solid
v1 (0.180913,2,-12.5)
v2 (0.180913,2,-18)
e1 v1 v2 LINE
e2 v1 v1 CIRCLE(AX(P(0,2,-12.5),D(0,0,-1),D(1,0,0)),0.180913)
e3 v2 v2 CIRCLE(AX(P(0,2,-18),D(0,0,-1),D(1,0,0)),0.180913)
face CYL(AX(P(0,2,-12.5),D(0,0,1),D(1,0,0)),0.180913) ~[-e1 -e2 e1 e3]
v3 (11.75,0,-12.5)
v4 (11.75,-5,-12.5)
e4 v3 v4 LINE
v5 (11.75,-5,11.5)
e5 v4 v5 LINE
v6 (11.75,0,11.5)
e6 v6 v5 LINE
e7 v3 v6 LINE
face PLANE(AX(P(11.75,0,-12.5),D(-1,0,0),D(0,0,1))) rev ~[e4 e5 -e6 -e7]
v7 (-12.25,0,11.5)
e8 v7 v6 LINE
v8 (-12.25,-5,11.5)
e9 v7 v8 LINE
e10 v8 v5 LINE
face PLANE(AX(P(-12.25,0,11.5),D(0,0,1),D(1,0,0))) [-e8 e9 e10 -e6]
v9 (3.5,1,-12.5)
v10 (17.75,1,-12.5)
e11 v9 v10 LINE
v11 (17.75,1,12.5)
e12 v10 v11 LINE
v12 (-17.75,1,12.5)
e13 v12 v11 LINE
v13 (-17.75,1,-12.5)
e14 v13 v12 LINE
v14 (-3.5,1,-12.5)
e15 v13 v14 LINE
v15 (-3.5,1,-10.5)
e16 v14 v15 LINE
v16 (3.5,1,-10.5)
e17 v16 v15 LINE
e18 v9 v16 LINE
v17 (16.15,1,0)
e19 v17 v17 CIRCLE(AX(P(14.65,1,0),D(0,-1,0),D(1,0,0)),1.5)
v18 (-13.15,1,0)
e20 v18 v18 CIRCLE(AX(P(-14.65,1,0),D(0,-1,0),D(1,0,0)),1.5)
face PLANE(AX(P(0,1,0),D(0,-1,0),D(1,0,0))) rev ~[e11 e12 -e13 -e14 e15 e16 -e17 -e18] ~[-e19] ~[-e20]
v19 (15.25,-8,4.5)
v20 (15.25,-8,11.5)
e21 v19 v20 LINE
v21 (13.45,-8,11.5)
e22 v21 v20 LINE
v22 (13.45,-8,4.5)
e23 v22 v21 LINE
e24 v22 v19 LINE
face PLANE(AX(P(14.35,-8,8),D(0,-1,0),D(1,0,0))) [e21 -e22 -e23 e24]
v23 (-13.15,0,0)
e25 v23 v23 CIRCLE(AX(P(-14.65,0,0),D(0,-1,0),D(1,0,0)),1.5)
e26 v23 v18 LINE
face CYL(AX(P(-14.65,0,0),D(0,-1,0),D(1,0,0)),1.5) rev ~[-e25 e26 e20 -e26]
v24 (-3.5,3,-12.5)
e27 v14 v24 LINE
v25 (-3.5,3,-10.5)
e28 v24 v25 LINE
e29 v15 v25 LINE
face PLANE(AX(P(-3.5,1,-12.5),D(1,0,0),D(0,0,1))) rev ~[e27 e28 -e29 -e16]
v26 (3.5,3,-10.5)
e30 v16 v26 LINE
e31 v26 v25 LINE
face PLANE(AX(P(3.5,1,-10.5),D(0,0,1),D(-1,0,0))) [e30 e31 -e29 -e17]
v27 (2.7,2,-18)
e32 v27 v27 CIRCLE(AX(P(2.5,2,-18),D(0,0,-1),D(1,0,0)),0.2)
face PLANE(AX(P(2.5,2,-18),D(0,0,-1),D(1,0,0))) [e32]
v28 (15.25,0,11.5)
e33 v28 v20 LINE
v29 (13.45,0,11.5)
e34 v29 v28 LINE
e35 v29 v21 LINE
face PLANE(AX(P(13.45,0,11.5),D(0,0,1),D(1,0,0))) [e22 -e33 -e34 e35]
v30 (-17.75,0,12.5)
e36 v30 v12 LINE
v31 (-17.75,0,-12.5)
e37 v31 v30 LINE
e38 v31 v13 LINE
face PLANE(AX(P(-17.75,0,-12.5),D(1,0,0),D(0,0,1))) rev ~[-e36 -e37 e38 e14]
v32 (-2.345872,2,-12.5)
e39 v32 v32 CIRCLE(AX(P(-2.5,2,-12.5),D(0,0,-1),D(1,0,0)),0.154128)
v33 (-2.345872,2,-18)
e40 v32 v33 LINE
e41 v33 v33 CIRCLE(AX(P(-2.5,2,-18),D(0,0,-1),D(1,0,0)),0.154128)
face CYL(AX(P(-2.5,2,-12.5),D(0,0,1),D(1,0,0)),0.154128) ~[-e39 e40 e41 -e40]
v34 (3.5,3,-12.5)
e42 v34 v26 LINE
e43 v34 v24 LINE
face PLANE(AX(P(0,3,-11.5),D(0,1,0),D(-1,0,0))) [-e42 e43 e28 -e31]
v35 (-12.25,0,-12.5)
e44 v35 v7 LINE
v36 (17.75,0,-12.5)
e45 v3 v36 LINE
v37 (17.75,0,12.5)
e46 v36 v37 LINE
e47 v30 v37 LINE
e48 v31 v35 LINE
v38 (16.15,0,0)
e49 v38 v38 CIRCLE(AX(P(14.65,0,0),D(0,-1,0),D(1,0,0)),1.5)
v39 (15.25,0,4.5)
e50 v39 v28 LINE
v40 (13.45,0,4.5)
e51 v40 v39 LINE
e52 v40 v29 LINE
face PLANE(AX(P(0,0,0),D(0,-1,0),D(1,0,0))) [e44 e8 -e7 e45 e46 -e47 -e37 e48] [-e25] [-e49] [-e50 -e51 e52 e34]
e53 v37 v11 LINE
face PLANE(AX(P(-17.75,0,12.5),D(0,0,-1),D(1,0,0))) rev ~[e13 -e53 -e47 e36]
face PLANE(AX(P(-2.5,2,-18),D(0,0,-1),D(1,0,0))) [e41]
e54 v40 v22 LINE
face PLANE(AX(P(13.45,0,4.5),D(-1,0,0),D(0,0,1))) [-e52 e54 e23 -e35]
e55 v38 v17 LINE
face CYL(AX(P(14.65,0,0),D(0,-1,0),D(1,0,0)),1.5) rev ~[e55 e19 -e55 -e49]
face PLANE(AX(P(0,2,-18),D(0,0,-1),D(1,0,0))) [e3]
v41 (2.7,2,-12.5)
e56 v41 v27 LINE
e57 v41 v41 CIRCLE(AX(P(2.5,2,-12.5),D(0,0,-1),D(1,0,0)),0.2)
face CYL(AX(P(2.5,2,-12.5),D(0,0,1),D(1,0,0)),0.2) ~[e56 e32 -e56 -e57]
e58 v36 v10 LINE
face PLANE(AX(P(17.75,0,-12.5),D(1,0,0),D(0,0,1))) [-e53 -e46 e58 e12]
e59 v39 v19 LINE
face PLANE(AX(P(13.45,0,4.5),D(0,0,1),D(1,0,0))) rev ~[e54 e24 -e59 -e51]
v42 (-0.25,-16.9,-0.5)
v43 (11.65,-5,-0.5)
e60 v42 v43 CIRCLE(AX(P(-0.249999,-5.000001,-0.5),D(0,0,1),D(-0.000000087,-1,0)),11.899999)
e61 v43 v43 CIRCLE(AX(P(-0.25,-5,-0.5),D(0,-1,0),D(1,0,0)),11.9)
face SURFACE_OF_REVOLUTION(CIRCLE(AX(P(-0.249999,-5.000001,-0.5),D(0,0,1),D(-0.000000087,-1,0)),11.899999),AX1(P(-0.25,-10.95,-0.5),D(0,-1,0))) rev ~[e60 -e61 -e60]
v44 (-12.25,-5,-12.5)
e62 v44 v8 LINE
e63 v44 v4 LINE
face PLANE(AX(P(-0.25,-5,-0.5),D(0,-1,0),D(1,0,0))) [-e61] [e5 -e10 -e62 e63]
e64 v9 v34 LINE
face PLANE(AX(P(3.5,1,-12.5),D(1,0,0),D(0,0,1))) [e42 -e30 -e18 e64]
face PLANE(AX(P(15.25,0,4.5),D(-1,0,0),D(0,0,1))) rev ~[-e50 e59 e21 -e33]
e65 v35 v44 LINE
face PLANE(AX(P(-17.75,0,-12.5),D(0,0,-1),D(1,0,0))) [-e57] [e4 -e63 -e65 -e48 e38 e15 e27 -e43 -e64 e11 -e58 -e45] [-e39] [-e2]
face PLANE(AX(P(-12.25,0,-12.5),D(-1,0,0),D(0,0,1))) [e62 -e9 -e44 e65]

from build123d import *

# Parameters (mm, degrees)
F0_W      = 35.5
F0_H      = 25
F1_DEPTH  = 1
F2_W      = 24
F2_H      = 24
F3_DEPTH  = 5
F7_W      = 1.8
F7_H      = 7
F8_DEPTH  = 8
F9_R      = 1.5
F10_DEPTH = 25
F11_W     = 7
F11_H     = 2
F12_DEPTH = 2
F13_R     = 0.2
F13_R_2   = 0.180913
F13_R_3   = 0.154128
F14_DEPTH = 5.5


with BuildPart() as f1:
    # F0 (on Front) → F1 (new body)
    with BuildSketch(Plane.XZ):
        Rectangle(F0_W, F0_H)
    extrude(amount=-F1_DEPTH)

    # F2 (on face) → F3 (join)
    with BuildSketch(Plane.XZ):
        with Locations((-0.25, -0.5)):
            Rectangle(F2_W, F2_H)
    extrude(amount=F3_DEPTH)

    # F5 (on offset) → F6 (revolve)
    with BuildSketch(Plane.XY.offset(-0.5)):
        with BuildLine():
            ThreePointArc((-0.25, -16.9), (8.164571, -13.414571), (11.65, -5))
            Line((11.65, -5), (-0.25, -5))
            Line((-0.25, -5), (-0.25, -16.9))
        make_face()
    revolve(axis=Axis((-0.25, -10.95, -0.5), (0, -1, 0)))

    # F7 (on face) → F8 (join)
    with BuildSketch(Plane.XZ):
        with Locations((14.35, 8)):
            Rectangle(F7_W, F7_H)
    extrude(amount=F8_DEPTH)

    # F9 (on face) → F10 (cut)
    with BuildSketch(Plane.XZ):
        with Locations((-14.65, 0)):
            Circle(F9_R)
        with Locations((14.65, 0)):
            Circle(F9_R)
    extrude(amount=-F10_DEPTH, mode=Mode.SUBTRACT)

    # F11 (on face) → F12 (join)
    with BuildSketch(Plane(origin=(0, 1, 0), x_dir=(-1, 0, 0), z_dir=(0, 1, 0))):
        with Locations((0, -11.5)):
            Rectangle(F11_W, F11_H)
    extrude(amount=F12_DEPTH)

    # F13 (on face) → F14 (join)
    with BuildSketch(Plane(origin=(0, 0, -12.5), x_dir=(1, 0, 0), z_dir=(0, 0, -1))):
        with Locations((2.5, -2)):
            Circle(F13_R)
        with Locations((0, -2)):
            Circle(F13_R_2)
        with Locations((-2.5, -2)):
            Circle(F13_R_3)
    extrude(amount=F14_DEPTH)


solid = f1.part
